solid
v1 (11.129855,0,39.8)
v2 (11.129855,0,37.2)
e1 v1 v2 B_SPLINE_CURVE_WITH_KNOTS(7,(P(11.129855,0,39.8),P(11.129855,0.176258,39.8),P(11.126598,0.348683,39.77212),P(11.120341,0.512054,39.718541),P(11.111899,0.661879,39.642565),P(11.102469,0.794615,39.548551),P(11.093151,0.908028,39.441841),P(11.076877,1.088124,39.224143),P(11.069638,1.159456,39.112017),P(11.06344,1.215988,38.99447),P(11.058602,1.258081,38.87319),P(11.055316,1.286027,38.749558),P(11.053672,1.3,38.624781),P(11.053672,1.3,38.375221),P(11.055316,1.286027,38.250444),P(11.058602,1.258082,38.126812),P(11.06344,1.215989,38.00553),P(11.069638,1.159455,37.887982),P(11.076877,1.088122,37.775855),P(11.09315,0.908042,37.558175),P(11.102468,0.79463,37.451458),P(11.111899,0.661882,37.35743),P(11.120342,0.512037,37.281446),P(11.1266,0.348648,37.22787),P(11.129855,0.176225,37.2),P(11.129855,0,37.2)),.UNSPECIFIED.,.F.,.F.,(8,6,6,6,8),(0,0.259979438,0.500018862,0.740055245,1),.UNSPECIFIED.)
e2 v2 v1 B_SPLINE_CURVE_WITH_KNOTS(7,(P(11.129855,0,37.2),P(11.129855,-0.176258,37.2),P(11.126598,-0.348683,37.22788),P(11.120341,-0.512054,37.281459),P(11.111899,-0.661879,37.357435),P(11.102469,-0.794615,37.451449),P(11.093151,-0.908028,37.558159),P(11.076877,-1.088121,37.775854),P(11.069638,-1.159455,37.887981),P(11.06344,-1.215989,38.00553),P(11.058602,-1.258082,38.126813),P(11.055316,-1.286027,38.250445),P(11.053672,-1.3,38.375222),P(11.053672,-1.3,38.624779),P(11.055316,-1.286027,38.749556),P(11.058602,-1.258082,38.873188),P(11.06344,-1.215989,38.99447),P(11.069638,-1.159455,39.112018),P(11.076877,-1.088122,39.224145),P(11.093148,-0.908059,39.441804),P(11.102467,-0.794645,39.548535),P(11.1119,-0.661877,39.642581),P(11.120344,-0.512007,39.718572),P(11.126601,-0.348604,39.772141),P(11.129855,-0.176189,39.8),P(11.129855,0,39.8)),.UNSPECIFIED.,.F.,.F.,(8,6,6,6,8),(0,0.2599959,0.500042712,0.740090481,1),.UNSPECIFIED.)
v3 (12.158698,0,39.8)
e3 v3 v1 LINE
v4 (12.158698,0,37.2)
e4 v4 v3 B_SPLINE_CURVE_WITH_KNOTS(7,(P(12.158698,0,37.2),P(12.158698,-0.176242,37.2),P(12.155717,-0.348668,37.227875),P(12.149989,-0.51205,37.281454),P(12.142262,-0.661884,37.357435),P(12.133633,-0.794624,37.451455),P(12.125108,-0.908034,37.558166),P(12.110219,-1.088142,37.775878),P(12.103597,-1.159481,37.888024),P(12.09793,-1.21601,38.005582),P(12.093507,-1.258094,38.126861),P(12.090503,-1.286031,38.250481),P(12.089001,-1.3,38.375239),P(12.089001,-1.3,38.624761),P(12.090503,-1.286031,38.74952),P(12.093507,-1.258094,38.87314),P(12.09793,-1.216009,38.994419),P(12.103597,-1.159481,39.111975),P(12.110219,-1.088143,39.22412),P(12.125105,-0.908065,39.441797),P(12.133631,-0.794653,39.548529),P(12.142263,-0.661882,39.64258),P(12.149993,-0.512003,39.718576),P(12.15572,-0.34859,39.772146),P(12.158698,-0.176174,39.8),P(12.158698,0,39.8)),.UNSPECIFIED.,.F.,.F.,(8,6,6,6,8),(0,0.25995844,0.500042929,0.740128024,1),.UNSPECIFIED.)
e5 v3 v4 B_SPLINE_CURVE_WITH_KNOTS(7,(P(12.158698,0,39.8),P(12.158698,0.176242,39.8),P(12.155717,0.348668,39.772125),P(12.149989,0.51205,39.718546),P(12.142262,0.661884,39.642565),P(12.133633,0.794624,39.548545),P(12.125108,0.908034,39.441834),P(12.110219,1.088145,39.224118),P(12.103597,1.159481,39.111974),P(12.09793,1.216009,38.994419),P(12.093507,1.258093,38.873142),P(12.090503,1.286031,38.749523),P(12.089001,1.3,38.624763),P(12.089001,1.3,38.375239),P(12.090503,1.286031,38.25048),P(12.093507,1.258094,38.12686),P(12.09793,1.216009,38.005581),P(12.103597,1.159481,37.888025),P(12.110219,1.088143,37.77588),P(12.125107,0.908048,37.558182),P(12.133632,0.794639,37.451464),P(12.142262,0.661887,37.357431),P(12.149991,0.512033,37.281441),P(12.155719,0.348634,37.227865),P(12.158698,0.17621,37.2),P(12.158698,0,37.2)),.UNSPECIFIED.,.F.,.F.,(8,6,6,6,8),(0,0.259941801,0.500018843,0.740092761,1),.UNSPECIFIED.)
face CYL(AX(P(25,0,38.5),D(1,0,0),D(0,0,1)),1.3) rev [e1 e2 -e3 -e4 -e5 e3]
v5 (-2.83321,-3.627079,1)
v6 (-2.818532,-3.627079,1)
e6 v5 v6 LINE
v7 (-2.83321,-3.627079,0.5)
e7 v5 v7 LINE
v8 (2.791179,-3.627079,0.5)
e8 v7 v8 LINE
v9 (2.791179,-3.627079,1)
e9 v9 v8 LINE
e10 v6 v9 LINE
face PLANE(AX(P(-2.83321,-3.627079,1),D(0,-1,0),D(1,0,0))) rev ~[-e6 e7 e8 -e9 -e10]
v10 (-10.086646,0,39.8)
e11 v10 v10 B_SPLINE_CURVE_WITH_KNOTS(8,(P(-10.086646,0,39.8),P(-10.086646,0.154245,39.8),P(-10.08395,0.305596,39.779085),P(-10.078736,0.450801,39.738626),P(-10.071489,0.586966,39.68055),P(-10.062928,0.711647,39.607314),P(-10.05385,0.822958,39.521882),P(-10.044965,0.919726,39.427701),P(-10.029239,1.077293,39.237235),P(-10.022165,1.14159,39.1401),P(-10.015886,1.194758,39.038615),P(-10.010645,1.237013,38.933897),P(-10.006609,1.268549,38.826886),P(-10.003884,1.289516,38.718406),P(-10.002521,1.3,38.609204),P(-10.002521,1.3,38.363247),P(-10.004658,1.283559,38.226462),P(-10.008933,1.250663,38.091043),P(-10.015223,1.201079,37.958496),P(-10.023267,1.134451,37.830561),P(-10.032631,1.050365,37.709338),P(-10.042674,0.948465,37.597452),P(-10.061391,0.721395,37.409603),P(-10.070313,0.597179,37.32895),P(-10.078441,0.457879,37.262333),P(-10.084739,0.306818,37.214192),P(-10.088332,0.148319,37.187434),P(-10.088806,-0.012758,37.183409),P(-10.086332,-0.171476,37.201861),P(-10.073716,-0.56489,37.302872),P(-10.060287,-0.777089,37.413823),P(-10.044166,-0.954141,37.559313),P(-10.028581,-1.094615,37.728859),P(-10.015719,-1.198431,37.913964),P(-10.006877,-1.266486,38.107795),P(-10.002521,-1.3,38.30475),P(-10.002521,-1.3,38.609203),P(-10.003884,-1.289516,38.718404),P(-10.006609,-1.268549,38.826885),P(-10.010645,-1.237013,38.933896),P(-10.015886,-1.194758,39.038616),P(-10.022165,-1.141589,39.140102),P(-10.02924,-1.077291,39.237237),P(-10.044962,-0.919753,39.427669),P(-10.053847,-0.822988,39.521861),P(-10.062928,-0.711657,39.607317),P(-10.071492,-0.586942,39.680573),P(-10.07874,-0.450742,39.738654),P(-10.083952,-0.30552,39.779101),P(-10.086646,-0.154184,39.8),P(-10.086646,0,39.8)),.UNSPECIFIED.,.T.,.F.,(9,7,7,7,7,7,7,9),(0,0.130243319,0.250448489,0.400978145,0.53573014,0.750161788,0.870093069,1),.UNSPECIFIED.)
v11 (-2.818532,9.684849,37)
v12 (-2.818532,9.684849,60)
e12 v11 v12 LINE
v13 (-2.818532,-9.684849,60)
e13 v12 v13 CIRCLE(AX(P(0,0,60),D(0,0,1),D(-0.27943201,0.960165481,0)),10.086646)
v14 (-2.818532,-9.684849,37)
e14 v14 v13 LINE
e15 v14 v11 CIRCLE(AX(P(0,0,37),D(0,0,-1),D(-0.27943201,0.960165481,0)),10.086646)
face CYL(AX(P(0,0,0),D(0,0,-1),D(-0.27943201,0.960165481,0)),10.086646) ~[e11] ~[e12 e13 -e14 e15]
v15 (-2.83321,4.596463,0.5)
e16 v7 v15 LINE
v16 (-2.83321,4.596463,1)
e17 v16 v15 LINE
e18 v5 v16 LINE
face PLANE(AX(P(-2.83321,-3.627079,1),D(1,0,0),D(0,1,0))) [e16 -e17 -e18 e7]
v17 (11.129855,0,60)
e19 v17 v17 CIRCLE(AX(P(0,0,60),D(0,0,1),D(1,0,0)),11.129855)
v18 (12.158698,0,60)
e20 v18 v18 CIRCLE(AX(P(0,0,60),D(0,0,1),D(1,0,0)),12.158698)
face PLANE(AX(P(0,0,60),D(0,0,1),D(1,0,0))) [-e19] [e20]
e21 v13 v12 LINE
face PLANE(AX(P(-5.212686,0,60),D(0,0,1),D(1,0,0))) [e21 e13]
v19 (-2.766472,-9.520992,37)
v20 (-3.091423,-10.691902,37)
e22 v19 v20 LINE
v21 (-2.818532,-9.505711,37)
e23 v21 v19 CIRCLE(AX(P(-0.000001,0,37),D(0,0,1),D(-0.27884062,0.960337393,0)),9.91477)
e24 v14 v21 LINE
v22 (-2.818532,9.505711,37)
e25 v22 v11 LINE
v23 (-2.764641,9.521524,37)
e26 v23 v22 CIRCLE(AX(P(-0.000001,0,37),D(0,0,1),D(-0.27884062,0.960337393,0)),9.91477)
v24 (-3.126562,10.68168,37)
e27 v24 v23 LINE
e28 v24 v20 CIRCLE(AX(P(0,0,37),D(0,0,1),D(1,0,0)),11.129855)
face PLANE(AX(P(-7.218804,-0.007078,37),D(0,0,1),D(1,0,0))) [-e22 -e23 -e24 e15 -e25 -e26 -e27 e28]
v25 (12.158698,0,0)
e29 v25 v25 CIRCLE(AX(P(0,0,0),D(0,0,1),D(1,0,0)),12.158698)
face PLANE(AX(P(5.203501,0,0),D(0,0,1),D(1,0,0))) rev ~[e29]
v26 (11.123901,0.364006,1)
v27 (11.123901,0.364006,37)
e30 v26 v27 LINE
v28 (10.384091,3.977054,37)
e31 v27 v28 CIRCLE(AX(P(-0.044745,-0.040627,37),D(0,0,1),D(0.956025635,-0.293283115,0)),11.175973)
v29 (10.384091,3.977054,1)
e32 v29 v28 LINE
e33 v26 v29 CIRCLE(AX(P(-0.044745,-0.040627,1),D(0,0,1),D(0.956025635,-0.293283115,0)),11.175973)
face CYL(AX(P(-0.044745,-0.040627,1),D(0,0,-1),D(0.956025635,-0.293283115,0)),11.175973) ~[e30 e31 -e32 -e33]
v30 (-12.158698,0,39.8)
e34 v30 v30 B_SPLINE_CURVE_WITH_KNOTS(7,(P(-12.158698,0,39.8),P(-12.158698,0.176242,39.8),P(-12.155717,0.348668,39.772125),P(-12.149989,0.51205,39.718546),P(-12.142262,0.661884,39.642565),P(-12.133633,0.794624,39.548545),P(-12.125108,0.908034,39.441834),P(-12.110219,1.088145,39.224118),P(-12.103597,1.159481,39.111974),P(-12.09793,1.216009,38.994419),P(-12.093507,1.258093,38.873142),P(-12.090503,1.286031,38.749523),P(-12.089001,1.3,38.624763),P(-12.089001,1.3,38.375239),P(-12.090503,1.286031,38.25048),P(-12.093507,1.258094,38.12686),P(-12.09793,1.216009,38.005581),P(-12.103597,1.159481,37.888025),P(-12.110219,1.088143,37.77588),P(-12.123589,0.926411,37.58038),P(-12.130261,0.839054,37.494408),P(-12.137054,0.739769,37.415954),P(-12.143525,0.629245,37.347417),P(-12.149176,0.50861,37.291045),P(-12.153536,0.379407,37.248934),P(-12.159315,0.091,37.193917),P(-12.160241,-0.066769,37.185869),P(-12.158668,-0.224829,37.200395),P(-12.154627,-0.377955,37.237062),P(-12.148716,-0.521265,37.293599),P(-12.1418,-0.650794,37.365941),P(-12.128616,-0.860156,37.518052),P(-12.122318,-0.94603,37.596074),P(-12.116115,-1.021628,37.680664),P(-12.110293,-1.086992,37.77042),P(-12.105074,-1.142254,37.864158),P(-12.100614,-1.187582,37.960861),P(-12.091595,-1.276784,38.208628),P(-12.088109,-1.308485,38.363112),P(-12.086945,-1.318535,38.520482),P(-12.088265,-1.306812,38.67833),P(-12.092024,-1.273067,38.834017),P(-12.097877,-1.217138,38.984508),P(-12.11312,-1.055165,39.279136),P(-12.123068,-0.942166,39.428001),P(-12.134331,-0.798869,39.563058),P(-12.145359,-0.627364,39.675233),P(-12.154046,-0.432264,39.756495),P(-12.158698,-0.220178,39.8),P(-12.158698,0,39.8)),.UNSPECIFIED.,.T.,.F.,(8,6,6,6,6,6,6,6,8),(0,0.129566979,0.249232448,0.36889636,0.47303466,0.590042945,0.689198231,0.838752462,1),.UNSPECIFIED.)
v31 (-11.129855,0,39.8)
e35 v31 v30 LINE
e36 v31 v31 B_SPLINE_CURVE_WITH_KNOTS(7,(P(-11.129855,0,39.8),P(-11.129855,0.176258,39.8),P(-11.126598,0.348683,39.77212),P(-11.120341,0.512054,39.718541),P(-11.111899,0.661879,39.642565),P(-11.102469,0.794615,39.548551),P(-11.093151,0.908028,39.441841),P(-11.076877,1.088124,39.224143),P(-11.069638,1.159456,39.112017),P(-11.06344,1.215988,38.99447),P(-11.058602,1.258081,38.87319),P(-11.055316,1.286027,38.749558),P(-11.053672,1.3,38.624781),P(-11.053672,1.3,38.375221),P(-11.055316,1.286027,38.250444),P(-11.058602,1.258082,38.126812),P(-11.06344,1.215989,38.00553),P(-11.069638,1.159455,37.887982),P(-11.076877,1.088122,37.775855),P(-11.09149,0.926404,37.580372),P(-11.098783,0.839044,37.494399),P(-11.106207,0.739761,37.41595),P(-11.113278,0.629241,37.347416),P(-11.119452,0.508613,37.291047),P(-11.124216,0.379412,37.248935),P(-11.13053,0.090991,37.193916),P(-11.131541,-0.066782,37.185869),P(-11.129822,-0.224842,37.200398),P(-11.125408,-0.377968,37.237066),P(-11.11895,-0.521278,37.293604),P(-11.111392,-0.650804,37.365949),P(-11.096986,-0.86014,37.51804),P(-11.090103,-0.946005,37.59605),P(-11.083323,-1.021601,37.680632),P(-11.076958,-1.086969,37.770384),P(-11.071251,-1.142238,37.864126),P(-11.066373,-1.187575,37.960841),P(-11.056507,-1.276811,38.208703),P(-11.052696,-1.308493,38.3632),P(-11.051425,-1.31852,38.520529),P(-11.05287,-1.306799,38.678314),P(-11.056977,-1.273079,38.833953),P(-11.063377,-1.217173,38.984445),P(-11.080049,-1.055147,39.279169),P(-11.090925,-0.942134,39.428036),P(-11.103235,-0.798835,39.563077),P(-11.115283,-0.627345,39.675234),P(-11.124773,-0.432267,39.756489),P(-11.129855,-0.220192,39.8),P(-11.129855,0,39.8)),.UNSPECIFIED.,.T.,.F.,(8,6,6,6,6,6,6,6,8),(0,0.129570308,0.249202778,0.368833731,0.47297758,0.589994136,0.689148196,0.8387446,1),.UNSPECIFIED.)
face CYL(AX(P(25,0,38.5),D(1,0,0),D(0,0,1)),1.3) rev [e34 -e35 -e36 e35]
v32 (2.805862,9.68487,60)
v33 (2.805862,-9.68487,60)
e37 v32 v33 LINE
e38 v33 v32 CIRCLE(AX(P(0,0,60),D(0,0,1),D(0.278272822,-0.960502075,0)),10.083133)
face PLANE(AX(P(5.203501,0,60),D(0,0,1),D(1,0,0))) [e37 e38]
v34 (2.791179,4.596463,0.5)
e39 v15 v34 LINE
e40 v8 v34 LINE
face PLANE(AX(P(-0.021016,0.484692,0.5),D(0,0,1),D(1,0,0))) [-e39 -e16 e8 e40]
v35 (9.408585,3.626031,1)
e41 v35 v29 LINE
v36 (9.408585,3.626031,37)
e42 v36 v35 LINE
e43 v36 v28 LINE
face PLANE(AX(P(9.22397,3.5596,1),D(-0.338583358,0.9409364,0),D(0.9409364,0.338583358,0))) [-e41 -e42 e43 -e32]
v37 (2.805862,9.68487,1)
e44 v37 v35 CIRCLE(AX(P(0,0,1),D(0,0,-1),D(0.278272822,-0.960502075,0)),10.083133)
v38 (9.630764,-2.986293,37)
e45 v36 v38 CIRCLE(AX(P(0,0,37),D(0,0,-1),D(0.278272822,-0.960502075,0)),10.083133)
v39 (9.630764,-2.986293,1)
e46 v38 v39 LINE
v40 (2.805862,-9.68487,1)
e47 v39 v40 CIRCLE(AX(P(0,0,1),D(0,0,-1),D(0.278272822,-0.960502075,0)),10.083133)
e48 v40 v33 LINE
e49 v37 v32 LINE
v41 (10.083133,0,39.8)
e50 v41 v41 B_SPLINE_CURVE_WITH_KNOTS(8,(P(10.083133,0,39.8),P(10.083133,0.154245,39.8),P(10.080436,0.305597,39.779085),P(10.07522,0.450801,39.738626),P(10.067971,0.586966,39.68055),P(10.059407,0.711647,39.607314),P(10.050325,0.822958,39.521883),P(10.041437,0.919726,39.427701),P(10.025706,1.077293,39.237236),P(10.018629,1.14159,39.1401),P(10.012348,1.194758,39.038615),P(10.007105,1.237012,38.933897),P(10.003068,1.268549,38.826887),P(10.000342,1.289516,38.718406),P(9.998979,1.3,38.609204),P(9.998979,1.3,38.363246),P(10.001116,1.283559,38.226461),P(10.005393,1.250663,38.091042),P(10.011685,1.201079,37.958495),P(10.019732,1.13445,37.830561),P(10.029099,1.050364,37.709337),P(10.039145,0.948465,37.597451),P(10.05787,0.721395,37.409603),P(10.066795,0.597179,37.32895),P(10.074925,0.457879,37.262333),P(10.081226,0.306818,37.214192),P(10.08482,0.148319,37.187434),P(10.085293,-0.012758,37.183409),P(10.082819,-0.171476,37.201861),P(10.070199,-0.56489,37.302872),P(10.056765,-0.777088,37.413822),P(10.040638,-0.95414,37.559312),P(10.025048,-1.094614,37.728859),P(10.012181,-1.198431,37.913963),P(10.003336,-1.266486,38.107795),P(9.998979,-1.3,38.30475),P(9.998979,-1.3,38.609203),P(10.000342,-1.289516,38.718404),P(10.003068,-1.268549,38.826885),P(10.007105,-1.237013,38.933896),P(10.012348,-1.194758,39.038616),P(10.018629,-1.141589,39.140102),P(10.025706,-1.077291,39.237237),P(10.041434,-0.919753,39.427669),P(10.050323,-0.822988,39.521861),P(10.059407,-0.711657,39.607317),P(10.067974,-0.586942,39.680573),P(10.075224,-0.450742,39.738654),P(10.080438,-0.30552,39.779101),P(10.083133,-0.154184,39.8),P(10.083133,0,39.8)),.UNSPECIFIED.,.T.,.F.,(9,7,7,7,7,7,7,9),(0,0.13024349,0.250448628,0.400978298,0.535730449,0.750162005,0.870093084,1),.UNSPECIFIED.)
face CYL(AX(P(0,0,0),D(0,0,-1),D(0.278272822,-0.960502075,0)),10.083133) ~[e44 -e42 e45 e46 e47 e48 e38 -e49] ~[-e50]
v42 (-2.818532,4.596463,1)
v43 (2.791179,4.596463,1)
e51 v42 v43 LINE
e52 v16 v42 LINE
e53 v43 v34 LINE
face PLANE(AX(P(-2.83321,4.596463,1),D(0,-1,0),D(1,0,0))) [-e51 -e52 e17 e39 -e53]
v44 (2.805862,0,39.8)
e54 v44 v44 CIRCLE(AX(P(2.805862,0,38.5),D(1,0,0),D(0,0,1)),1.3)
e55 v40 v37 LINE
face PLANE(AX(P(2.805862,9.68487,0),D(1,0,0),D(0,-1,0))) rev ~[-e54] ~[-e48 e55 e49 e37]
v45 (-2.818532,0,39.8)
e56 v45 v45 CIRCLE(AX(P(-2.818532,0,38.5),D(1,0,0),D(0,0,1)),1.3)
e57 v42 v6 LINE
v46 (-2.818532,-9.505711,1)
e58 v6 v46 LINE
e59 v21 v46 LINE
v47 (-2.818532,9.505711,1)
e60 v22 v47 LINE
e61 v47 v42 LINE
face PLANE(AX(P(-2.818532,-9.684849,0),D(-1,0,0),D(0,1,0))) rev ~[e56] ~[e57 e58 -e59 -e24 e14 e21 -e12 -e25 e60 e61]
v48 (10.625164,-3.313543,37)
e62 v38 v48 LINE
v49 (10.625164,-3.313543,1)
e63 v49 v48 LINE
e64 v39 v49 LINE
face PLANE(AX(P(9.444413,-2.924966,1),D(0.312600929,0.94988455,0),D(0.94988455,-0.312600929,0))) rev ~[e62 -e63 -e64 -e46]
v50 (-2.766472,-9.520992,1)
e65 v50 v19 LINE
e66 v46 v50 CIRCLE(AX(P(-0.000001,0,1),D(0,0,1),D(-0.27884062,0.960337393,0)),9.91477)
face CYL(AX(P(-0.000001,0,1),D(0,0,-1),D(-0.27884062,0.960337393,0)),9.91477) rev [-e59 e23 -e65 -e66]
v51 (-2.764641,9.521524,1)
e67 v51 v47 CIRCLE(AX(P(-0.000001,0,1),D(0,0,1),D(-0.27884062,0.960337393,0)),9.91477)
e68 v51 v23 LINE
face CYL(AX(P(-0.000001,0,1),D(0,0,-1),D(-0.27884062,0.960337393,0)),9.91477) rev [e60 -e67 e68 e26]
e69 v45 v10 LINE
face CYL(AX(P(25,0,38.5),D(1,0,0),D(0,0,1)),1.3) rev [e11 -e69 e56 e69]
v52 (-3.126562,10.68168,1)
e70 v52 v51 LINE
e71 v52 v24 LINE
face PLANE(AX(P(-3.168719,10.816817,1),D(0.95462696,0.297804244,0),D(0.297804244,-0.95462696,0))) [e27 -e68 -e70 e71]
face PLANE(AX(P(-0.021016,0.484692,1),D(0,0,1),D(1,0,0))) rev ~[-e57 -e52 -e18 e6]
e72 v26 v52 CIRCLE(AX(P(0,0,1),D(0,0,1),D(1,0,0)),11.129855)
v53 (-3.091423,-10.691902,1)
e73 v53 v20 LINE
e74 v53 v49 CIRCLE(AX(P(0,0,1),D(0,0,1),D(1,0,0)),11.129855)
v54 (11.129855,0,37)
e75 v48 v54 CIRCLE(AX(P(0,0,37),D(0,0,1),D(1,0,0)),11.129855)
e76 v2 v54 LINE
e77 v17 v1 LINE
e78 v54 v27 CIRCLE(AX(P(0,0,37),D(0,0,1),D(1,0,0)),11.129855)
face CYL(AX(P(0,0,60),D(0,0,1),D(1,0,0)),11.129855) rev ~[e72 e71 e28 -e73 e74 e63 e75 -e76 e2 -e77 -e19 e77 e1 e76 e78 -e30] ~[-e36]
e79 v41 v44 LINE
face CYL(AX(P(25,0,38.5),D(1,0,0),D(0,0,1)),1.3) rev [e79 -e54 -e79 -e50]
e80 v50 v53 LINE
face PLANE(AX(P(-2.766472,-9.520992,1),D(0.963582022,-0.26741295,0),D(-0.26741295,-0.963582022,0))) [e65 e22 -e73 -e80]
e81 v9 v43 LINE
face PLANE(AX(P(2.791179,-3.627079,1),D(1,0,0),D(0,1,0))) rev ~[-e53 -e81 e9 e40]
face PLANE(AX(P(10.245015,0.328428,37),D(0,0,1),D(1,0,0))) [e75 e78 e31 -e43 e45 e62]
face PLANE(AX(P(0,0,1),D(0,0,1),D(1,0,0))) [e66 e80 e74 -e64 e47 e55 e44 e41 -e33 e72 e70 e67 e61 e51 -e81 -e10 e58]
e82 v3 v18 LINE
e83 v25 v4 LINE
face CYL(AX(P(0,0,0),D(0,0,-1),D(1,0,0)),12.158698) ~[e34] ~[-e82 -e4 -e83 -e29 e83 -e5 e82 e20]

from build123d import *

# Parameters (mm, degrees)
CYLINDER_R           = 1.3
CYLINDER_DEPTH       = 50
CYLINDER_PITCH_ANGLE = -90
SKETCH_R             = 12.158698
PAD_DEPTH            = 60
SKETCH001_R          = 11.129855
POCKET_DEPTH         = 59
PAD001_DEPTH         = 60
SKETCH003_W          = 5.624389
SKETCH003_H          = 8.223541
POCKET001_DEPTH      = 0.5
PAD002_DEPTH         = 36


with BuildPart() as cylinder:
    # Cylinder → Cylinder (new body)
    with BuildSketch(Plane.XY):
        Circle(CYLINDER_R)
    extrude(amount=CYLINDER_DEPTH)


with BuildPart() as cylinder_1:
    # Cylinder pitch: moved
    add(cylinder.part.rotate(Axis((0, 0, 0), (0, 1, 0)), CYLINDER_PITCH_ANGLE))


with BuildPart() as cylinder_2:
    # Cylinder placement: moved
    add(cylinder_1.part.moved(Location((25, 0, 38.5))))


with BuildPart() as cut:
    # Sketch → Pad (new body)
    with BuildSketch(Plane.XY):
        Circle(SKETCH_R)
    extrude(amount=PAD_DEPTH)

    # Sketch001 (on Face3 of Pad) → Pocket (cut)
    with BuildSketch(Plane.XY.offset(60)):
        Circle(SKETCH001_R)
    extrude(amount=-POCKET_DEPTH, mode=Mode.SUBTRACT)

    # Sketch002 → Pad001 (join)
    with BuildSketch(Plane.XY):
        with BuildLine():
            Line((2.805862, 9.68487), (2.805862, -9.68487))
            ThreePointArc((2.805862, -9.68487), (10.083133, 0), (2.805862, 9.68487))
        make_face()
        with BuildLine():
            Line((-2.818532, -9.684849), (-2.818532, 9.684849))
            ThreePointArc((-2.818532, 9.684849), (-10.086646, 0), (-2.818532, -9.684849))
        make_face()
    extrude(amount=PAD001_DEPTH)

    # Sketch003 (on Face7 of Pad001) → Pocket001 (cut)
    with BuildSketch(Plane.XY.offset(1)):
        with Locations((-0.021016, 0.484692)):
            Rectangle(SKETCH003_W, SKETCH003_H)
    extrude(amount=-POCKET001_DEPTH, mode=Mode.SUBTRACT)

    # Sketch004 (on Face7 of Pocket001) → Pad002 (join)
    with BuildSketch(Plane.XY.offset(1)):
        with BuildLine():
            ThreePointArc((-3.168719, 10.816817), (-11.271375, -0.02054), (-3.129274, -10.828294))
            Line((-2.766472, -9.520992), (-3.129274, -10.828294))
            ThreePointArc((-2.764641, 9.521524), (-9.91477, 0.000953), (-2.766472, -9.520992))
            Line((-3.168719, 10.816817), (-2.764641, 9.521524))
        make_face()
        with BuildLine():
            ThreePointArc((10.639772, -3.318351), (11.124371, 0.350816), (10.384091, 3.977054))
            Line((9.22397, 3.5596), (10.384091, 3.977054))
            ThreePointArc((9.444413, -2.924966), (9.881272, 0.335915), (9.22397, 3.5596))
            Line((9.444413, -2.924966), (10.639772, -3.318351))
        make_face()
    extrude(amount=PAD002_DEPTH)

    # Cut: cut Cylinder
    add(cylinder_2.part, mode=Mode.SUBTRACT)


solid = cut.part
